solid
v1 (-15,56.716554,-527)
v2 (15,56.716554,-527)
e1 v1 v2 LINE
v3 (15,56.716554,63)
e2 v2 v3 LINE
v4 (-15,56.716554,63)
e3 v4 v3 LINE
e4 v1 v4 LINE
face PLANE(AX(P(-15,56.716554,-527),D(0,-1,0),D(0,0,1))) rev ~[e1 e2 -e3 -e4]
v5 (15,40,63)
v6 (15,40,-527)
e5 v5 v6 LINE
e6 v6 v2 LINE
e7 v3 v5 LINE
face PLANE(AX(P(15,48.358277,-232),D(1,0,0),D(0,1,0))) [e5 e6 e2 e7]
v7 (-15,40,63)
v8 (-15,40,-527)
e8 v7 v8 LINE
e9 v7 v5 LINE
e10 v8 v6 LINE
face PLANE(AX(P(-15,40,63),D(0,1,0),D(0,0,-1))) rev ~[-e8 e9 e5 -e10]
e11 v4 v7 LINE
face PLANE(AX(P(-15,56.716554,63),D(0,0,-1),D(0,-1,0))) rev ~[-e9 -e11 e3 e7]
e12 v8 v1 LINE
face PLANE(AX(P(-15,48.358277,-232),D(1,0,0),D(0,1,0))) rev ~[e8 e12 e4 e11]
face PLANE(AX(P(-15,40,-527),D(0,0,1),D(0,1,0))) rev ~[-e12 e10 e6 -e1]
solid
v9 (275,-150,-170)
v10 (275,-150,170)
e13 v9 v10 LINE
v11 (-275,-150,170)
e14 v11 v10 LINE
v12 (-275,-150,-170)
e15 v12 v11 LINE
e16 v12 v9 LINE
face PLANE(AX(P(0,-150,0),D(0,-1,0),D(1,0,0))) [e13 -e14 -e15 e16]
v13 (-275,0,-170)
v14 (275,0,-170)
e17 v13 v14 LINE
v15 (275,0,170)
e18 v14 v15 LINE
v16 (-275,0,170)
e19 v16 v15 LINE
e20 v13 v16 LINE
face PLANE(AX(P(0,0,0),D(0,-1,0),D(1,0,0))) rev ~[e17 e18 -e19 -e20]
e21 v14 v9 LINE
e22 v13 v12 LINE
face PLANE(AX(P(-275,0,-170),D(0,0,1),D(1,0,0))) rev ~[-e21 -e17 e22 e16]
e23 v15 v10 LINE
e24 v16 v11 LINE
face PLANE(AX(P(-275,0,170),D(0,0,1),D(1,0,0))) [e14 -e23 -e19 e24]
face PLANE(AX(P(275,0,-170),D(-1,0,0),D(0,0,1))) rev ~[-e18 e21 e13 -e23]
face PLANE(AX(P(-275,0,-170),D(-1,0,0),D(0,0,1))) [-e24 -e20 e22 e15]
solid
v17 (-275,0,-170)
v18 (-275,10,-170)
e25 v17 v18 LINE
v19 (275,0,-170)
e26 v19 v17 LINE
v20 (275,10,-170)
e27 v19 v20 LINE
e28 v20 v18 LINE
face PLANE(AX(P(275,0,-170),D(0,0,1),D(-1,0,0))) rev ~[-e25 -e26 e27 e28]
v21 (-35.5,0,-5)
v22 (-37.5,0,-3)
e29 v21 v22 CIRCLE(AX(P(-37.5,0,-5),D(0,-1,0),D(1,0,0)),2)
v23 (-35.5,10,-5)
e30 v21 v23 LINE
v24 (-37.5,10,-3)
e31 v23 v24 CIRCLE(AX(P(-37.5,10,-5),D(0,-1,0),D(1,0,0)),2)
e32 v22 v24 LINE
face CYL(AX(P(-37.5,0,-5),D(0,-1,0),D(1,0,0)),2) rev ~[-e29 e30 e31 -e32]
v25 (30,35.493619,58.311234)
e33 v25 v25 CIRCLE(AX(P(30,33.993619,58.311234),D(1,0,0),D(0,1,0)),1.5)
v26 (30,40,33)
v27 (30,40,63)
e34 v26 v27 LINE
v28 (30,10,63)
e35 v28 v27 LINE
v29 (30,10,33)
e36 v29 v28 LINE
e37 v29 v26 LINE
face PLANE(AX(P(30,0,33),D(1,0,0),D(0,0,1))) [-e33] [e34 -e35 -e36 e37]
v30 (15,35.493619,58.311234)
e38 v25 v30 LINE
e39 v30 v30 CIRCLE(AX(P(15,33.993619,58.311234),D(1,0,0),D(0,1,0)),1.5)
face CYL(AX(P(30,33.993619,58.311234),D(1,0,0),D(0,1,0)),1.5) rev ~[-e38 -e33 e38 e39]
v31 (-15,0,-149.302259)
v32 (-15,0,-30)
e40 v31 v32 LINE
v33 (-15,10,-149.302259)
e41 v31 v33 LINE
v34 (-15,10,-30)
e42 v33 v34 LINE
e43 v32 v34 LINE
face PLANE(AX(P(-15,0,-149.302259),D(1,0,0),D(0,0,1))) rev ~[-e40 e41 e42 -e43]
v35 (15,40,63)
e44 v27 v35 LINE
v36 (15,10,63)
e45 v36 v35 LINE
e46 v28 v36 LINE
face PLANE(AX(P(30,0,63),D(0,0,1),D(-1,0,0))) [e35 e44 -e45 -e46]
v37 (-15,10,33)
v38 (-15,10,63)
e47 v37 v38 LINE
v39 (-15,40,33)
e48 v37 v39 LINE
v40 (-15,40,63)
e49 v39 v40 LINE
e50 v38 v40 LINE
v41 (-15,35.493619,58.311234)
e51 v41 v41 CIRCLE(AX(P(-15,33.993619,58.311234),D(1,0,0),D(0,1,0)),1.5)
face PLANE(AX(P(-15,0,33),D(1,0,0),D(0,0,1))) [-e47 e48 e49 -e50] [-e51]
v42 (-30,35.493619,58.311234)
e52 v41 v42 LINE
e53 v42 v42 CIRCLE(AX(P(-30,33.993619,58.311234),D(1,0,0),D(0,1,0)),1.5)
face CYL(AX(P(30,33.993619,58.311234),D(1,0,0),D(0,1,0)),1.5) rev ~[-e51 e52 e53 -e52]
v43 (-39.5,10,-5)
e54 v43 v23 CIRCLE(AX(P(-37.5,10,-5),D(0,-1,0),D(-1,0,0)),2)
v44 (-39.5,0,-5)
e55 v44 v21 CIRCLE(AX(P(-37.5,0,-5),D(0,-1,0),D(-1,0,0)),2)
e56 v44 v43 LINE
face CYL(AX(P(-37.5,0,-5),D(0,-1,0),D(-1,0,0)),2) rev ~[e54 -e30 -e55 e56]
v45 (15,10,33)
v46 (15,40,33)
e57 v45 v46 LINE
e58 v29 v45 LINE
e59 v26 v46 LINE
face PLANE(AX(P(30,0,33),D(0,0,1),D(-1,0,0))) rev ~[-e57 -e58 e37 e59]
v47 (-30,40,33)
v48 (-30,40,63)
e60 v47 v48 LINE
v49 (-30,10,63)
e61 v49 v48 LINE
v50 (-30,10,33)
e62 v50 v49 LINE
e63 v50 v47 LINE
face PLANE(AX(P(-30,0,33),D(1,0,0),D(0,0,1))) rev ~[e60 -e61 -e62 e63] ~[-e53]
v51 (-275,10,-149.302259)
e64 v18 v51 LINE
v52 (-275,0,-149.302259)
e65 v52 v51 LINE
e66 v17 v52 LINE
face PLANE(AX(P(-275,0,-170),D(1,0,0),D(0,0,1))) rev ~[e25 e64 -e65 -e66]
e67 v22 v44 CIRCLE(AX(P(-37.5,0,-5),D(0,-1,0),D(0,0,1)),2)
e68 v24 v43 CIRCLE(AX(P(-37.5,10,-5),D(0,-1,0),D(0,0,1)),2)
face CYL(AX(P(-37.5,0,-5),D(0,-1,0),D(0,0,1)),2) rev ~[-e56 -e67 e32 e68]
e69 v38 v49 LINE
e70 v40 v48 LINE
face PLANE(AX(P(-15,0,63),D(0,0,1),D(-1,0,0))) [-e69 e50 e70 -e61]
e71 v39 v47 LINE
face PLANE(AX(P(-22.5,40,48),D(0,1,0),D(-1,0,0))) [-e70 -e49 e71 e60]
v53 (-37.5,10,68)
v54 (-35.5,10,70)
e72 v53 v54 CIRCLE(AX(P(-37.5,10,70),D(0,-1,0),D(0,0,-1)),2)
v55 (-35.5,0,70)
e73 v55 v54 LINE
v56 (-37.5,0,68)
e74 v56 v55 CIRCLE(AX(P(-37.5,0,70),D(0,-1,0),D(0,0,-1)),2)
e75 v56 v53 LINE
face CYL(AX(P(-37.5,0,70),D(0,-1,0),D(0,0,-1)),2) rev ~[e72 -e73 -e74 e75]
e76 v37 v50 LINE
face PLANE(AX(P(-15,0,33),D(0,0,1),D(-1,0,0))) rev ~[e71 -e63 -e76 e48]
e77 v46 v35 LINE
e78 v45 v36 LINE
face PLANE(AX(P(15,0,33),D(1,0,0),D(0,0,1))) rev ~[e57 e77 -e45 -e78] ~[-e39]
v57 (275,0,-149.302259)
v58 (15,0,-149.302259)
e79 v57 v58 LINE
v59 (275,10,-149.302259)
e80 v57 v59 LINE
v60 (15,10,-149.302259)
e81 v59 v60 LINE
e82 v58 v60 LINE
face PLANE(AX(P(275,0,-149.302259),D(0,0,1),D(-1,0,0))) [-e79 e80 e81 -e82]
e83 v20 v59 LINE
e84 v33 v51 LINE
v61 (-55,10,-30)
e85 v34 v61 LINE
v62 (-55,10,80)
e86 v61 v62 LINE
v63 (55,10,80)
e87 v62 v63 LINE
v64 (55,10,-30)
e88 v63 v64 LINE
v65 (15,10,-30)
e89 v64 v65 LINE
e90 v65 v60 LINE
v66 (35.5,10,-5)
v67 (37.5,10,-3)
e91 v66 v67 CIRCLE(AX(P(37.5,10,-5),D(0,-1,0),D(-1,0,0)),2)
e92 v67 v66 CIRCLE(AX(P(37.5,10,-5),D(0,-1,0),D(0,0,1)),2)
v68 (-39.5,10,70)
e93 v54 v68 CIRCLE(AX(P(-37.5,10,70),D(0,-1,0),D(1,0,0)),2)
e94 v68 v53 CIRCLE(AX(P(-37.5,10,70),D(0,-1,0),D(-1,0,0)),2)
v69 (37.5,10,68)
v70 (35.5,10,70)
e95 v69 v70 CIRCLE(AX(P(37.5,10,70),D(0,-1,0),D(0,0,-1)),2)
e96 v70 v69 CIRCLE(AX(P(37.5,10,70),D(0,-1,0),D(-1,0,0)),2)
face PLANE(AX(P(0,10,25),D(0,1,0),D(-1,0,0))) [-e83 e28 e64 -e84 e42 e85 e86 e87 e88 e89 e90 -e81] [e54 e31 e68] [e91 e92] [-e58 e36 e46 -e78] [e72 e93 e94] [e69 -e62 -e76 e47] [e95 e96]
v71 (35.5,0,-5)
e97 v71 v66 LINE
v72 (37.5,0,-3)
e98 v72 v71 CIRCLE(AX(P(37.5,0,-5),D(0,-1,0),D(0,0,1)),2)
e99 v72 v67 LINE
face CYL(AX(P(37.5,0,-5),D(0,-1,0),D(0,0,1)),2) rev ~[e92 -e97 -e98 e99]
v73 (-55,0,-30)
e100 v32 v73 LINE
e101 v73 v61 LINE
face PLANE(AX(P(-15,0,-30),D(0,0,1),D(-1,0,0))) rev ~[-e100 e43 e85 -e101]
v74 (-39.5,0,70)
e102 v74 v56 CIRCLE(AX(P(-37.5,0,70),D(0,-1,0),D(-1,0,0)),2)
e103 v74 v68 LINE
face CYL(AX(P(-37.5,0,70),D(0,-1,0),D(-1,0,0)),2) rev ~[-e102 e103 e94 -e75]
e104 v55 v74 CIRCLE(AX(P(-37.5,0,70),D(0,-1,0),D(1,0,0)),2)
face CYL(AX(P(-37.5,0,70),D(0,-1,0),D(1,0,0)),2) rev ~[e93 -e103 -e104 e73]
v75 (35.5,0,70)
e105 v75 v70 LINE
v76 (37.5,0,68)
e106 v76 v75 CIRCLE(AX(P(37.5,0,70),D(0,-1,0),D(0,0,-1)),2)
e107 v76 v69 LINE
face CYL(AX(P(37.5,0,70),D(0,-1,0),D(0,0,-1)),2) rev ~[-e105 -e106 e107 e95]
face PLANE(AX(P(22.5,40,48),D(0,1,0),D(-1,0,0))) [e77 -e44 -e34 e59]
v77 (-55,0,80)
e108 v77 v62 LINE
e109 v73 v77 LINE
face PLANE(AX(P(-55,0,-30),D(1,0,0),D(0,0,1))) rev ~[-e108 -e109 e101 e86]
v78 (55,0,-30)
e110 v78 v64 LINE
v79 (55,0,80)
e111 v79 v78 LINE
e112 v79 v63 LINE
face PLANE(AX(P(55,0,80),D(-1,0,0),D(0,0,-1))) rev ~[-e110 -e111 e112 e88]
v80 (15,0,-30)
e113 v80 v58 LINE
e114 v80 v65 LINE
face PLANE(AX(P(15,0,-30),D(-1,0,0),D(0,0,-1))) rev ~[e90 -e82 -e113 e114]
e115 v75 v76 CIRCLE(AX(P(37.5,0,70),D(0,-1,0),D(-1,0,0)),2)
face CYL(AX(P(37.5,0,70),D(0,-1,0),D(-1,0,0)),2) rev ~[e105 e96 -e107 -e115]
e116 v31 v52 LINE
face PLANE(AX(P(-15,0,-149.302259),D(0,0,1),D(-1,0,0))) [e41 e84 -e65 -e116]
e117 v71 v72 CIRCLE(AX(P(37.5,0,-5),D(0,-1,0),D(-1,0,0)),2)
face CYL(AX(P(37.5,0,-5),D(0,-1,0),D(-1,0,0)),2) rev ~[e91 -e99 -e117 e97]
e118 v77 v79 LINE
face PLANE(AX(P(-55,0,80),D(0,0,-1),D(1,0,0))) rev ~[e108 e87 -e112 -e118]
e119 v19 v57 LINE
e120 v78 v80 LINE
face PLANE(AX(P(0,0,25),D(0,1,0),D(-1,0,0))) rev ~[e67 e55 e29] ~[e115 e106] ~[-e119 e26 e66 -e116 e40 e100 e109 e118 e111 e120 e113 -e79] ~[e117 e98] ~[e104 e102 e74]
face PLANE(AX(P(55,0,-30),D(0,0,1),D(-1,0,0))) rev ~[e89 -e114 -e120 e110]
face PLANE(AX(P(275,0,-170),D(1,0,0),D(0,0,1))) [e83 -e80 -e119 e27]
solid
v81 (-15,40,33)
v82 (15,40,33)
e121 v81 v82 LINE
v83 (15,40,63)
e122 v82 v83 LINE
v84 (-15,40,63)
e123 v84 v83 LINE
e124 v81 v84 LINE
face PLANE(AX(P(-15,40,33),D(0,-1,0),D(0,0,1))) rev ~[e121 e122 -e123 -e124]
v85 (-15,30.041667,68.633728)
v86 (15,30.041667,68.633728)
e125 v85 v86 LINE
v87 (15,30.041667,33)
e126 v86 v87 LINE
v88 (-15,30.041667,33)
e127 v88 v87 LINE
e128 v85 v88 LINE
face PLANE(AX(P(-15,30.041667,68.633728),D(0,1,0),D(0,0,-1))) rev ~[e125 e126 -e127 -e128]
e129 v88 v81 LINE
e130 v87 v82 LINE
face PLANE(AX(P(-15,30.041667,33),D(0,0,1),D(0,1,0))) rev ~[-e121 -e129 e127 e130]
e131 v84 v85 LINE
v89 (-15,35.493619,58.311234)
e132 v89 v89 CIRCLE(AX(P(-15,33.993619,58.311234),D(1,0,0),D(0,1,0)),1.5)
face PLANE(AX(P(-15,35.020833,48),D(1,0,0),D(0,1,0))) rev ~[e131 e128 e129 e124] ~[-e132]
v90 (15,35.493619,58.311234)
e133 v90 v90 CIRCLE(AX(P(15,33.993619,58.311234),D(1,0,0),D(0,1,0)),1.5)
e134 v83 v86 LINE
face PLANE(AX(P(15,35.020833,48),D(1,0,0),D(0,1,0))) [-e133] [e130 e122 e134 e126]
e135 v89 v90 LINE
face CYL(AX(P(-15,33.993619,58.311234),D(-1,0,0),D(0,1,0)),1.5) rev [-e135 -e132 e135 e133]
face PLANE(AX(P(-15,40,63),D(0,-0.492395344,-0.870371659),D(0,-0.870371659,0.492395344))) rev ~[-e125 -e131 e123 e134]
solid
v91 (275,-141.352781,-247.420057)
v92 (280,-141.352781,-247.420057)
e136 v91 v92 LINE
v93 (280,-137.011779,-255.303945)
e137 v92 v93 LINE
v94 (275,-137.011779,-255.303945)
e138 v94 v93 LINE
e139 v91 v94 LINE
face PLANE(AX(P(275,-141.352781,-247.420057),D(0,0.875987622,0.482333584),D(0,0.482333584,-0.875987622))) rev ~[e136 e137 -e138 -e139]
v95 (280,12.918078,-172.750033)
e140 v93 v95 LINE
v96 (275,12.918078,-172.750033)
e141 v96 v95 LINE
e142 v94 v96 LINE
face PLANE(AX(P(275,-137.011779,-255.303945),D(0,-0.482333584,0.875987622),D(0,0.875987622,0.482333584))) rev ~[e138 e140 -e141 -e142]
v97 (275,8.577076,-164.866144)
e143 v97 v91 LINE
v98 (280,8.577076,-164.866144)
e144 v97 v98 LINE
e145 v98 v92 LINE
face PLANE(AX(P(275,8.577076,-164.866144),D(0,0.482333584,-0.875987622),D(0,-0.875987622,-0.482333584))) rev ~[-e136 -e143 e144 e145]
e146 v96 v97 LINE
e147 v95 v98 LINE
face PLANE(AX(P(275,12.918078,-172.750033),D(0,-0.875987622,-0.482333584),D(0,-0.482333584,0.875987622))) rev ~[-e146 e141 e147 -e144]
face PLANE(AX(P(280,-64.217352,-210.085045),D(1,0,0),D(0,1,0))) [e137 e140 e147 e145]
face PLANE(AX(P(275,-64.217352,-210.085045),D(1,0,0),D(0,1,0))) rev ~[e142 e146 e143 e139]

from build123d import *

# Parameters (mm, degrees)
F0_W      = 550
F0_H      = 340
F1_DEPTH  = 150
F2_W      = 260
F2_H      = 20.6977409124
F2_W_2    = 15
F2_H_2    = 30
F3_DEPTH  = 10
F4_DEPTH  = 40
F5_R      = 1.5
F6_DEPTH  = 305.001
F7_W      = 9.9583332986
F7_H      = 30
F7_R      = 1.5
F8_DEPTH  = 30
F9_DEPTH  = 30
F11_DEPTH = 5


with BuildPart() as f1:
    # F0 (on Front) → F1 (new body)
    with BuildSketch(Plane.XZ):
        Rectangle(F0_W, F0_H)
    extrude(amount=F1_DEPTH)


with BuildPart() as f3:
    # F2 (on face) → F3 (new body)
    with BuildSketch(Plane(origin=(0, 0, 0), x_dir=(-1, 0, 0), z_dir=(0, 1, 0))):
        Polygon((55, 80), (-55, 80), (-55, -30), (-15, -30), (15, -30), (55, -30), align=None)
        with BuildLine():
            ThreePointArc((-37.5, 68), (-38.9142135624, 71.4142135624), (-35.5, 70))
            Line((-35.5, 70), (35.5, 70))
            ThreePointArc((35.5, 70), (37.5, 72), (39.5, 70))
            ThreePointArc((39.5, 70), (38.9142135624, 68.5857864376), (37.5, 68))
            Line((37.5, 68), (37.5, -3))
            ThreePointArc((37.5, -3), (38.9142135624, -3.5857864376), (39.5, -5))
            ThreePointArc((39.5, -5), (37.5, -7), (35.5, -5))
            Line((35.5, -5), (-35.5, -5))
            ThreePointArc((-35.5, -5), (-38.9142135624, -6.4142135624), (-37.5, -3))
            Line((-37.5, -3), (-37.5, 68))
        make_face(mode=Mode.SUBTRACT)
        Polygon((15, -30), (-15, -30), (-15, -149.3022590876), (-15, -170), (15, -170), (15, -149.3022590876), align=None)
        with Locations((-145, -159.6511295438)):
            Rectangle(F2_W, F2_H)
        with Locations((145, -159.6511295438)):
            Rectangle(F2_W, F2_H)
        with BuildLine():
            Line((35.5, 70), (-35.5, 70))
            ThreePointArc((-35.5, 70), (-36.0857864376, 68.5857864376), (-37.5, 68))
            Line((-37.5, 68), (-37.5, -3))
            ThreePointArc((-37.5, -3), (-36.0857864376, -3.5857864376), (-35.5, -5))
            Line((-35.5, -5), (35.5, -5))
            ThreePointArc((35.5, -5), (36.0857864376, -3.5857864376), (37.5, -3))
            Line((37.5, -3), (37.5, 68))
            ThreePointArc((37.5, 68), (36.0857864376, 68.5857864376), (35.5, 70))
        make_face()
        with Locations((-22.5, 48)):
            Rectangle(F2_W_2, F2_H_2, mode=Mode.SUBTRACT)
        with Locations((22.5, 48)):
            Rectangle(F2_W_2, F2_H_2, mode=Mode.SUBTRACT)
    extrude(amount=F3_DEPTH)

    # F2 (on face) → F4 (join)
    with BuildSketch(Plane(origin=(0, 0, 0), x_dir=(-1, 0, 0), z_dir=(0, 1, 0))):
        with Locations((-22.5, 48)):
            Rectangle(F2_W_2, F2_H_2)
        with Locations((22.5, 48)):
            Rectangle(F2_W_2, F2_H_2)
    extrude(amount=F4_DEPTH)

    # F5 (on face) → F6 (cut, through all)
    with BuildSketch(Plane.YZ.offset(30)):
        with Locations((33.9936188607, 58.3112341833)):
            Circle(F5_R)
    extrude(amount=-F6_DEPTH, mode=Mode.SUBTRACT)


with BuildPart() as f8:
    # F7 (on face) → F8 (new body)
    with BuildSketch(Plane.YZ.offset(-15)):
        with Locations((35.0208333507, 48)):
            Rectangle(F7_W, F7_H)
        with Locations((33.9936188607, 58.3112341833)):
            Circle(F7_R, mode=Mode.SUBTRACT)
        Polygon((30.0416667014, 68.6337277293), (30.0416667014, 63), (40, 63), align=None)
    extrude(amount=F8_DEPTH)


with BuildPart() as f9:
    # F7 (on face) → F9 (new body)
    with BuildSketch(Plane.YZ.offset(-15)):
        Polygon((56.7165538669, 63), (40, 63), (40, 33), (40, -527), (56.7165538669, -527), align=None)
    extrude(amount=F9_DEPTH)


with BuildPart() as f11:
    # F10 (on face) → F11 (new body)
    with BuildSketch(Plane.YZ.offset(275)):
        Polygon((12.9180778541, -172.7500329115), (8.5770755956, -164.8661443156), (-141.3527813543, -247.4200566054), (-137.0117790958, -255.3039452012), align=None)
    extrude(amount=F11_DEPTH)


solid = Compound([f1.part, f3.part, f8.part, f9.part, f11.part])
